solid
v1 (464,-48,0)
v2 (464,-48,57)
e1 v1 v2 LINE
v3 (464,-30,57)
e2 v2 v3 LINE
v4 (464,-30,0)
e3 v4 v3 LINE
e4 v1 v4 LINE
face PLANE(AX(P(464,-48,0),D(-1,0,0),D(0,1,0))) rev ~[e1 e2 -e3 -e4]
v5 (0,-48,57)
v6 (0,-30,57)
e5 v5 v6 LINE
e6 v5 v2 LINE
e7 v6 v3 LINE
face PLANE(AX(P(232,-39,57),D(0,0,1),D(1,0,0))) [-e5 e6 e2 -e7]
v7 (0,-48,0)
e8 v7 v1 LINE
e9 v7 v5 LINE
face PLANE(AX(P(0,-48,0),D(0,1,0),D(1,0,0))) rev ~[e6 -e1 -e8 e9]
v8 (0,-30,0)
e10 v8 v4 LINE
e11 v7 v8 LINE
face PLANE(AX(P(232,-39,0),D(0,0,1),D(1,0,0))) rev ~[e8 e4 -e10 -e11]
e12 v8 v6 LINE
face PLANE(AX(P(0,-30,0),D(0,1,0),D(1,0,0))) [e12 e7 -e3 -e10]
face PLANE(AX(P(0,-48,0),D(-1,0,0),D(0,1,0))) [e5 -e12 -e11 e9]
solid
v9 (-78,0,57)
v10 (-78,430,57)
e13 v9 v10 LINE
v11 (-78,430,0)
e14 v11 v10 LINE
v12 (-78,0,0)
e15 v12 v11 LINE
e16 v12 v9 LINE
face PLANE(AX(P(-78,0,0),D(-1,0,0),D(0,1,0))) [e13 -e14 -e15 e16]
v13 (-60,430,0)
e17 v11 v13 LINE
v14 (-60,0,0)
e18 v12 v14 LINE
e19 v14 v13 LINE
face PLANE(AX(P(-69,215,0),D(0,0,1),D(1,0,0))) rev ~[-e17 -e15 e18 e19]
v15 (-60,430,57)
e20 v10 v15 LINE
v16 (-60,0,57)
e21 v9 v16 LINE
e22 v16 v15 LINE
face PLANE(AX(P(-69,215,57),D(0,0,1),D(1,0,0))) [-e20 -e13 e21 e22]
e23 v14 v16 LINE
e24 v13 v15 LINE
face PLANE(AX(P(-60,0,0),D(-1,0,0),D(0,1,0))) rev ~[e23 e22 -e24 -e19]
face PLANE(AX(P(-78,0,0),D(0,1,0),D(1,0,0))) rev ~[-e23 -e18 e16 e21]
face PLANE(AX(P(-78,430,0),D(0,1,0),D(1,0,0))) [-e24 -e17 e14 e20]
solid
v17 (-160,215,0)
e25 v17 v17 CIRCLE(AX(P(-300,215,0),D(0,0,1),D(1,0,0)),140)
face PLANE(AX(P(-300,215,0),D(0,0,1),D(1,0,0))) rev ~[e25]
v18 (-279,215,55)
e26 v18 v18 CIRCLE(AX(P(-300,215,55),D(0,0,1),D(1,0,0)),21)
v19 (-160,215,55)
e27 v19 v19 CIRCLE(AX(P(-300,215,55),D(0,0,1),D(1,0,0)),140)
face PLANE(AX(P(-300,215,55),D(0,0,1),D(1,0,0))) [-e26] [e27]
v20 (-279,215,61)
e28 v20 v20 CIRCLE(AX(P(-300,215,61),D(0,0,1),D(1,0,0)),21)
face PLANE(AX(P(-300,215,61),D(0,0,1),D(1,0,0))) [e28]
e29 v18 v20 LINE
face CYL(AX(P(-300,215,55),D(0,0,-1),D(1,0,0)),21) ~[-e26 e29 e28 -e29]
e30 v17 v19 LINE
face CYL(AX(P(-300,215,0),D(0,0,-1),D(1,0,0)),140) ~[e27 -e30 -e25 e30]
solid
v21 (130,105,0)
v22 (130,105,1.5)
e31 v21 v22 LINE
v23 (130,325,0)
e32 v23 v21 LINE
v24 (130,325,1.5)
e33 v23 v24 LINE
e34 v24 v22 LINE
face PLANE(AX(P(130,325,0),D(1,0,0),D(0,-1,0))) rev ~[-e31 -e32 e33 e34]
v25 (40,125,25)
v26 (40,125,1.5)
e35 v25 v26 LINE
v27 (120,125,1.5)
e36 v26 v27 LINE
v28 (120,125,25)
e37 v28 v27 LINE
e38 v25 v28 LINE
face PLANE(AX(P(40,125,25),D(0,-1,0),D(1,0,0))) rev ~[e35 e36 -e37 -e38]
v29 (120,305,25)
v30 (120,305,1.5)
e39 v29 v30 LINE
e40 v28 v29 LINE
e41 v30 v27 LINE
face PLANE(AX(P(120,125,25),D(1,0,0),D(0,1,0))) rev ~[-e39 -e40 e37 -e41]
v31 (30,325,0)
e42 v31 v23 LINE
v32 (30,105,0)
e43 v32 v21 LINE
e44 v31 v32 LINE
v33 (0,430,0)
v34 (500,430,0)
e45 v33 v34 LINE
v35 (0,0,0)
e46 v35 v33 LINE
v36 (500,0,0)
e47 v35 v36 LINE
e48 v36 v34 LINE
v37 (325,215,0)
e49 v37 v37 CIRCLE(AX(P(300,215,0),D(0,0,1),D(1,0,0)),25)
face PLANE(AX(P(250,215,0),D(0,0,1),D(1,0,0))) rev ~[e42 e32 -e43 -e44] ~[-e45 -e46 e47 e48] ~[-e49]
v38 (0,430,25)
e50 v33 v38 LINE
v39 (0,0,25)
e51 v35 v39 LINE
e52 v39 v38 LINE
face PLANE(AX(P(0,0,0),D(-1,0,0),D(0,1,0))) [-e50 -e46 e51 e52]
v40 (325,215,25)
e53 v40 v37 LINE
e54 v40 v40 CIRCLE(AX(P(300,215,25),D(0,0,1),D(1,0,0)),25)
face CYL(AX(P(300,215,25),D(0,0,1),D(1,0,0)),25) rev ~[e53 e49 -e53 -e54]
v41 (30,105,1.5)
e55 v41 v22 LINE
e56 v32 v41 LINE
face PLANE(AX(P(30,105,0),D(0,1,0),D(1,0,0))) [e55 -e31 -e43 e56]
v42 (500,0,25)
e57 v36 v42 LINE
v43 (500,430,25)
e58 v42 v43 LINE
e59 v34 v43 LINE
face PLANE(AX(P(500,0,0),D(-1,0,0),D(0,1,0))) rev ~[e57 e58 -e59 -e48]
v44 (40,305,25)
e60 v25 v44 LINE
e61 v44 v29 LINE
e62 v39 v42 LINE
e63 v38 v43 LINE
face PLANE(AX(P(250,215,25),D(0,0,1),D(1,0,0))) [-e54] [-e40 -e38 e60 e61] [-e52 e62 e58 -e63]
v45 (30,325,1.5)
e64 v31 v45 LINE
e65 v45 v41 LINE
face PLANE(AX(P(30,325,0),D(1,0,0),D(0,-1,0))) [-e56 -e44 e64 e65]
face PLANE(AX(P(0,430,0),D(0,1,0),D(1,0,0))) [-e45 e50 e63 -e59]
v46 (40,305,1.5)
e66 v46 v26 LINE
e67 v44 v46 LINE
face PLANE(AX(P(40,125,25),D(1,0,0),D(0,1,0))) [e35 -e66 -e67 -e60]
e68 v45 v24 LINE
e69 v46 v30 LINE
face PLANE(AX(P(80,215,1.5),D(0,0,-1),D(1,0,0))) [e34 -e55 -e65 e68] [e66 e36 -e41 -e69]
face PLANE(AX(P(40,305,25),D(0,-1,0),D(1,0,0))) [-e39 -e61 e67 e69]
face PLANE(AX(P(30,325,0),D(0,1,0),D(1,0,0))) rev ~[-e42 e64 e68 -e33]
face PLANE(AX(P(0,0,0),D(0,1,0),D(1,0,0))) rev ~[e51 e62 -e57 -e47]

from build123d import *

# Parameters (mm, degrees)
F0_W      = 500
F0_H      = 430
F1_DEPTH  = 25
F3_R      = 140
F4_DEPTH  = 55
F5_R      = 21
F6_DEPTH  = 6
F7_W      = 18
F7_H      = 430
F7_W_2    = 464
F7_H_2    = 18
F8_DEPTH  = 57
F2_W      = 80
F2_H      = 180
F2_R      = 25
F9_DEPTH  = 25.001
F10_W     = 100
F10_H     = 220
F10_W_2   = 80
F10_H_2   = 180
F11_DEPTH = 1.5


with BuildPart() as f1:
    # F0 (on Top) → F1 (new body)
    with BuildSketch(Plane.XY):
        with Locations((250, 215)):
            Rectangle(F0_W, F0_H)
    extrude(amount=F1_DEPTH)

    # F2 (on face) → F9 (cut, through all)
    with BuildSketch(Plane.XY.offset(25)):
        with Locations((80, 215)):
            Rectangle(F2_W, F2_H)
        with Locations((300, 215)):
            Circle(F2_R)
    extrude(amount=-F9_DEPTH, mode=Mode.SUBTRACT)

    # F10 (on face) → F11 (cut)
    with BuildSketch(Plane(origin=(0, 0, 0), x_dir=(1, 0, 0), z_dir=(0, 0, -1))):
        with Locations((80, -215)):
            Rectangle(F10_W, F10_H)
        with Locations((80, -215)):
            Rectangle(F10_W_2, F10_H_2, mode=Mode.SUBTRACT)
    extrude(amount=-F11_DEPTH, mode=Mode.SUBTRACT)


with BuildPart() as f4:
    # F3 (on Top) → F4 (new body)
    with BuildSketch(Plane.XY):
        with Locations((-300, 215)):
            Circle(F3_R)
    extrude(amount=F4_DEPTH)

    # F5 (on face) → F6 (join)
    with BuildSketch(Plane.XY.offset(55)):
        with Locations((-300, 215)):
            Circle(F5_R)
    extrude(amount=F6_DEPTH)


with BuildPart() as f8:
    # F7 (on Top) → F8 (new body)
    with BuildSketch(Plane.XY):
        with Locations((-69, 215)):
            Rectangle(F7_W, F7_H)
        with Locations((232, -39)):
            Rectangle(F7_W_2, F7_H_2)
    extrude(amount=F8_DEPTH)


solid = Compound([f1.part, f4.part, f8.part])
